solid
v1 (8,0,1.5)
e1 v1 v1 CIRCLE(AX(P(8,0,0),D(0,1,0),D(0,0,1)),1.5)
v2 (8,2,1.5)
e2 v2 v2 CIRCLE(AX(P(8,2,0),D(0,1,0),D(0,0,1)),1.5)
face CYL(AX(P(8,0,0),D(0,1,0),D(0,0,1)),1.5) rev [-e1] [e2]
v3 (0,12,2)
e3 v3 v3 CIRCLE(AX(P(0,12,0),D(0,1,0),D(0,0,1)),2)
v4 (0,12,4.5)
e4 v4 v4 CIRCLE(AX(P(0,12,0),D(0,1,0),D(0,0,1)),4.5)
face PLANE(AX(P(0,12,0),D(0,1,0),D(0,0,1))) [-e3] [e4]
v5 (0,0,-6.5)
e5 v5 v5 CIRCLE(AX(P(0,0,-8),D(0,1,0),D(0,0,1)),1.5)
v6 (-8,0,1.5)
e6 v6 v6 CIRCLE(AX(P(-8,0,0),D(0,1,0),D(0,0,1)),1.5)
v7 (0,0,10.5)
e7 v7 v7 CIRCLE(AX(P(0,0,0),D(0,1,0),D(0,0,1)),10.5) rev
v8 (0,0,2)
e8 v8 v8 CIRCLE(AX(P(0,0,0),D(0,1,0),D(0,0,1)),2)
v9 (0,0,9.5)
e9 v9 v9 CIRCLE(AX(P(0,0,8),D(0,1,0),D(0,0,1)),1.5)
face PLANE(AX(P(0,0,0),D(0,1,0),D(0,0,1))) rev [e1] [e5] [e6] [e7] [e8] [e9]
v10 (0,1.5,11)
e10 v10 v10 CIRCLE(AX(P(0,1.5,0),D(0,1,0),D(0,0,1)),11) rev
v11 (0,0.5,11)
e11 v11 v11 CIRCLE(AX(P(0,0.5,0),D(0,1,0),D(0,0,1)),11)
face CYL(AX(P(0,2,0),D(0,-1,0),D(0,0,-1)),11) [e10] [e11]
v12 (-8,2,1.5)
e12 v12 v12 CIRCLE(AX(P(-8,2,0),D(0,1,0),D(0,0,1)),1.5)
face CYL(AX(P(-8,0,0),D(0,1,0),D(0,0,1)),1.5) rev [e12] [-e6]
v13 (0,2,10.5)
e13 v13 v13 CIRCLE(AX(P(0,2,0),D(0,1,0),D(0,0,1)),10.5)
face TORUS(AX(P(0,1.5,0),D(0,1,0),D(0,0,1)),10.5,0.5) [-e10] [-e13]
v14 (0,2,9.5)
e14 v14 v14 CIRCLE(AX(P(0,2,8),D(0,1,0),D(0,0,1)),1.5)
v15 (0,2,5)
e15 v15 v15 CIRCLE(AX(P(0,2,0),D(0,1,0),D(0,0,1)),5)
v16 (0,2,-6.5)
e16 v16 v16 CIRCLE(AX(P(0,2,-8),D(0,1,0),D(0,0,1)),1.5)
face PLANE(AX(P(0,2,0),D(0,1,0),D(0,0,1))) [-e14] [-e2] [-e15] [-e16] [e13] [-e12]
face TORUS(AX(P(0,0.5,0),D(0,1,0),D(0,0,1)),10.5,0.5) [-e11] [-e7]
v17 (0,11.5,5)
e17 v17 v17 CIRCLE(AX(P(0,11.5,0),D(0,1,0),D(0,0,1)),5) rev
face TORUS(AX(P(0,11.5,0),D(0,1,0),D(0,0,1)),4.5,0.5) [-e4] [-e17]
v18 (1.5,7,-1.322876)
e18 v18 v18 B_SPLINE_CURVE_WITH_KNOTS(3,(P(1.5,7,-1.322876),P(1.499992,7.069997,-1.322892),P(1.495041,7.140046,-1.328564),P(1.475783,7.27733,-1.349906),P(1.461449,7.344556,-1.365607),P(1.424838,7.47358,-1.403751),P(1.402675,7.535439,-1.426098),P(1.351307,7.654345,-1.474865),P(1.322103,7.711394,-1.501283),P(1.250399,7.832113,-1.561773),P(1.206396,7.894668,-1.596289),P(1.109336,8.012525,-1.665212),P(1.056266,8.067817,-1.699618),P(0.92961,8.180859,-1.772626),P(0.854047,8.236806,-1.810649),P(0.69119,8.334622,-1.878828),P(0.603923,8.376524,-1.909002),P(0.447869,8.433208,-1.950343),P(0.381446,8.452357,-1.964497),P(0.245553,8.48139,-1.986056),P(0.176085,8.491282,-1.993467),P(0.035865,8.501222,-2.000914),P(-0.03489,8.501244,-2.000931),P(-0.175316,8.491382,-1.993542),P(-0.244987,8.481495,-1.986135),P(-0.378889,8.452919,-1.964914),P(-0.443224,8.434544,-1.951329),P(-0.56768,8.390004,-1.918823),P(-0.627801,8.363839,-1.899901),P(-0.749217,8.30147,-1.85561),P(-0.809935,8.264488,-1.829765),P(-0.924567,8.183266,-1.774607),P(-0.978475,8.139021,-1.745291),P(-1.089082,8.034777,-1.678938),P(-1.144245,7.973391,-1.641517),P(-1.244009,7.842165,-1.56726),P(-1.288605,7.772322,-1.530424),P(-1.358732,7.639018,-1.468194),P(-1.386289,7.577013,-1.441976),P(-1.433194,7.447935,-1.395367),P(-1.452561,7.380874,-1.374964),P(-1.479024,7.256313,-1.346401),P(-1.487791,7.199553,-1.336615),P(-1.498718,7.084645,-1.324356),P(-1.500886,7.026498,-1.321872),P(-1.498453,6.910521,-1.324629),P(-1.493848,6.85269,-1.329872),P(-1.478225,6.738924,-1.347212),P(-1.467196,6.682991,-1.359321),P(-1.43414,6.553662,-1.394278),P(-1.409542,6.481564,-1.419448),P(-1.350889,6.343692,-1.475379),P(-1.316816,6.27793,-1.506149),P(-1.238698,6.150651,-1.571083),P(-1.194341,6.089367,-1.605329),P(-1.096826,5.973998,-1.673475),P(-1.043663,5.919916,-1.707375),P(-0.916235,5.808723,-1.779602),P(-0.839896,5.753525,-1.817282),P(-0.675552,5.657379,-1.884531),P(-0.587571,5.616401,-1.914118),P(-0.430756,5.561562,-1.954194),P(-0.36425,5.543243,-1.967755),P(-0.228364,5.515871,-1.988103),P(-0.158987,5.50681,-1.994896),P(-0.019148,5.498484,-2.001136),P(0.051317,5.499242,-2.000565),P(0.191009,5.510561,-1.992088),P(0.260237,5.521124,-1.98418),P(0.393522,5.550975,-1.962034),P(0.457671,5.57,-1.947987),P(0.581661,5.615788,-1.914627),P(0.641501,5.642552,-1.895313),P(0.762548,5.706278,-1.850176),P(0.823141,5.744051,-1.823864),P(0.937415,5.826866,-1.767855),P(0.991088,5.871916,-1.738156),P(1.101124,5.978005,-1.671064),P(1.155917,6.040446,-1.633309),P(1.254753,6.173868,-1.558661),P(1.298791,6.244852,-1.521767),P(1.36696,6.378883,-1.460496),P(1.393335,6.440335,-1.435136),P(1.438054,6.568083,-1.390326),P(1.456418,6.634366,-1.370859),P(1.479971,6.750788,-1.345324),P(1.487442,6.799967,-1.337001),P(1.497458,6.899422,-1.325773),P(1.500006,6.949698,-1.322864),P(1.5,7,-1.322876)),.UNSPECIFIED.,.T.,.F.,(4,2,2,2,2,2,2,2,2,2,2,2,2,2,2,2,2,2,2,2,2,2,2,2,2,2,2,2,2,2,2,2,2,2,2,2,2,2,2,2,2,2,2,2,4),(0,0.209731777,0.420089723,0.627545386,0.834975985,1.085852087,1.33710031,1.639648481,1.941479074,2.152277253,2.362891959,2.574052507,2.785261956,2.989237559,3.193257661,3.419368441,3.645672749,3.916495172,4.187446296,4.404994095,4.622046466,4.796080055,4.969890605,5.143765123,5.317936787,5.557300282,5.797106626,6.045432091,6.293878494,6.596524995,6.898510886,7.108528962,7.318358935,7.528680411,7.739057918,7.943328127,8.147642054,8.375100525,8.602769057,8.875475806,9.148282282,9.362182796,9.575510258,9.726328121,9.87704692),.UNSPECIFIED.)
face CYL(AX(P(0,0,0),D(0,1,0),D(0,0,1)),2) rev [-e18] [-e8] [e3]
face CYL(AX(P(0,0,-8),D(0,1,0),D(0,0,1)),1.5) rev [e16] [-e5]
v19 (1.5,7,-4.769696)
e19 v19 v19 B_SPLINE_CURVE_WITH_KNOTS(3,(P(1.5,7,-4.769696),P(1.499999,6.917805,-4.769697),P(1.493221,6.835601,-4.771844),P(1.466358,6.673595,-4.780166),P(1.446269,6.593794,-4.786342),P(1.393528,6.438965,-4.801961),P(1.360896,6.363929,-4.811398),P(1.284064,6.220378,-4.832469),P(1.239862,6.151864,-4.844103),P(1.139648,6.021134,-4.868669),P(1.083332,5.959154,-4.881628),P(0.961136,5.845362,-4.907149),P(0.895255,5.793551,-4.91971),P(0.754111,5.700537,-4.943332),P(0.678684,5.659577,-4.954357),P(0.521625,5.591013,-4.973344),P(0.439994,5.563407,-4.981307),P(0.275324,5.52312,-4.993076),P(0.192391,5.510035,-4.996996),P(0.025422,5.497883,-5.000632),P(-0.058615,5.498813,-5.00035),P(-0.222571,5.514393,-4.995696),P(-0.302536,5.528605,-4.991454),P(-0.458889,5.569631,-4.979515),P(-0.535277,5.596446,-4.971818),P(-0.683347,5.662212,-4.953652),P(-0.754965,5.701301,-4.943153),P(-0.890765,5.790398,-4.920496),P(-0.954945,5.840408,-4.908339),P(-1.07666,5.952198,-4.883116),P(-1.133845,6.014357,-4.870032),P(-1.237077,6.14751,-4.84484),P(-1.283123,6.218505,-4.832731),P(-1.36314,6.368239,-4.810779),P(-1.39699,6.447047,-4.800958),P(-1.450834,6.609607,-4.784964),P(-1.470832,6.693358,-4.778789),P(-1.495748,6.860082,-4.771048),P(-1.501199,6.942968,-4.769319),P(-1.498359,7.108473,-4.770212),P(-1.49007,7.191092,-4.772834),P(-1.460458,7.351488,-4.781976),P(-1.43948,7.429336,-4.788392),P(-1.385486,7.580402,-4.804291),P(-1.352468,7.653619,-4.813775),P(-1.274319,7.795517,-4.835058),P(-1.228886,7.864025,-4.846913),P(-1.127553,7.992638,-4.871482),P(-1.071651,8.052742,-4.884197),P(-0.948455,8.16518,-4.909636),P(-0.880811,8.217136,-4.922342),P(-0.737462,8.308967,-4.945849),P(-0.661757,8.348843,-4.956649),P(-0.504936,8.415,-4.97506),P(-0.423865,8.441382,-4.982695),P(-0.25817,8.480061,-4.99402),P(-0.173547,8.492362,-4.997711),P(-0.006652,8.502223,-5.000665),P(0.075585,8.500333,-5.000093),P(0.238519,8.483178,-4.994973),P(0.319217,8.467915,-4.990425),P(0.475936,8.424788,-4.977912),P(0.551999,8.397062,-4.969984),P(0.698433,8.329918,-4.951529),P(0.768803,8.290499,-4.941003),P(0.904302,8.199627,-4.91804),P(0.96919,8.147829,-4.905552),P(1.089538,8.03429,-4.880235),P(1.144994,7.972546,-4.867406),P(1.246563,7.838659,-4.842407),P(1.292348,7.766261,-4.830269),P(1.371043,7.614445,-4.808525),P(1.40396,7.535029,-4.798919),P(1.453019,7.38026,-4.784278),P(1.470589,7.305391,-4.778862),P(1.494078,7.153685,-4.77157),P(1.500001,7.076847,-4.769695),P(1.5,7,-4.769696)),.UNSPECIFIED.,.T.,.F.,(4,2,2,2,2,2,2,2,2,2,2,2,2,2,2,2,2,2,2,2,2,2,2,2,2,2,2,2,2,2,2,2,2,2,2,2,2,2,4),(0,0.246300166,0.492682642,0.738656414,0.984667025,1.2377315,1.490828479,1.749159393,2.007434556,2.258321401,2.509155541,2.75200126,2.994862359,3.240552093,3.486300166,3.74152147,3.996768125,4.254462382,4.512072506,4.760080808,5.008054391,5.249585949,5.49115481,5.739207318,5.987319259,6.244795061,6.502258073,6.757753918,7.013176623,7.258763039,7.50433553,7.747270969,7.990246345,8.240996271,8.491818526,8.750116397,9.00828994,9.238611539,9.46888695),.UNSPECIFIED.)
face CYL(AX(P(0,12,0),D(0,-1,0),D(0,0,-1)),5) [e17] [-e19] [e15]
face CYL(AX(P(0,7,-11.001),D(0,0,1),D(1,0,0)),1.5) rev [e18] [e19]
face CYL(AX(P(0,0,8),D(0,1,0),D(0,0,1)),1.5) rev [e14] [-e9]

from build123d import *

# Parameters (mm, degrees)
SKETCH_1_R               = 11
EXTRUDE_1_DEPTH          = 2
SKETCH_2_R               = 1.5
CUT_EXTRUDE_1_DEPTH      = 2
SKETCH_3_R               = 5
EXTRUDE_2_DEPTH          = 10
SKETCH_4_R               = 2
CUT_EXTRUDE_2_DEPTH      = 12
FILLET_1_R               = 0.5
CUT_EXTRUDE_3_REACH      = 21.647
CUT_EXTRUDE_3_END_RADIUS = 5
SKETCH_5_R               = 1.5


with BuildPart() as part:
    # 草图1 → 凸台-拉伸1 (new body)
    with BuildSketch(Plane(origin=(0, 0, 0), x_dir=(1, 0, 0), z_dir=(0, 1, 0))):
        with Locations(Location((0, 0, 0), (0, 0, 270))):
            Circle(SKETCH_1_R)
    extrude(amount=EXTRUDE_1_DEPTH)

    # 草图2 → 切除-拉伸1 (cut)
    with BuildSketch(Plane(origin=(0, 2, 0), x_dir=(1, 0, 0), z_dir=(0, 1, 0))):
        with Locations(Location((0, 8, 0), (0, 0, 270))):
            Circle(SKETCH_2_R)
        with Locations(Location((8, 0, 0), (0, 0, 270))):
            Circle(SKETCH_2_R)
        with Locations(Location((0, -8, 0), (0, 0, 270))):
            Circle(SKETCH_2_R)
        with Locations(Location((-8, 0, 0), (0, 0, 270))):
            Circle(SKETCH_2_R)
    extrude(amount=-CUT_EXTRUDE_1_DEPTH, mode=Mode.SUBTRACT)

    # 草图3 → 凸台-拉伸2 (add)
    with BuildSketch(Plane(origin=(0, 2, 0), x_dir=(1, 0, 0), z_dir=(0, 1, 0))):
        with Locations(Location((0, 0, 0), (0, 0, 270))):
            Circle(SKETCH_3_R)
    extrude(amount=EXTRUDE_2_DEPTH)

    # 草图4 → 切除-拉伸2 (cut)
    with BuildSketch(Plane(origin=(0, 12, 0), x_dir=(1, 0, 0), z_dir=(0, 1, 0))):
        with Locations(Location((0, 0, 0), (0, 0, 270))):
            Circle(SKETCH_4_R)
    extrude(amount=-CUT_EXTRUDE_2_DEPTH, mode=Mode.SUBTRACT)

    # 圆角1
    fillet_1_edges = [part.edges().sort_by_distance(p)[0] for p in [
        (0, 0, -11),
        (0, 12, -5),
        (0, 2, -11),
    ]]
    fillet(fillet_1_edges, radius=FILLET_1_R)

    # 切除-拉伸3: up to this cylinder (the profile starts inside it)
    cut_extrude_3_end = Plane(origin=(0, 7, 0), z_dir=(0, -1, 0)) * Cylinder(CUT_EXTRUDE_3_END_RADIUS, 54.294, mode=Mode.PRIVATE)
    # 草图5 → 切除-拉伸3 (cut, up to the surface)
    with BuildSketch(Plane.XY, mode=Mode.PRIVATE) as cut_extrude_3_sk1:
        with Locations((0, 7)):
            Circle(SKETCH_5_R)
    cut_extrude_3_tool1 = extrude(cut_extrude_3_sk1.sketch, amount=-CUT_EXTRUDE_3_REACH, mode=Mode.PRIVATE) & cut_extrude_3_end
    add(cut_extrude_3_tool1.solids().sort_by_distance((0, 7, 0))[0], mode=Mode.SUBTRACT)


solid = part.part
